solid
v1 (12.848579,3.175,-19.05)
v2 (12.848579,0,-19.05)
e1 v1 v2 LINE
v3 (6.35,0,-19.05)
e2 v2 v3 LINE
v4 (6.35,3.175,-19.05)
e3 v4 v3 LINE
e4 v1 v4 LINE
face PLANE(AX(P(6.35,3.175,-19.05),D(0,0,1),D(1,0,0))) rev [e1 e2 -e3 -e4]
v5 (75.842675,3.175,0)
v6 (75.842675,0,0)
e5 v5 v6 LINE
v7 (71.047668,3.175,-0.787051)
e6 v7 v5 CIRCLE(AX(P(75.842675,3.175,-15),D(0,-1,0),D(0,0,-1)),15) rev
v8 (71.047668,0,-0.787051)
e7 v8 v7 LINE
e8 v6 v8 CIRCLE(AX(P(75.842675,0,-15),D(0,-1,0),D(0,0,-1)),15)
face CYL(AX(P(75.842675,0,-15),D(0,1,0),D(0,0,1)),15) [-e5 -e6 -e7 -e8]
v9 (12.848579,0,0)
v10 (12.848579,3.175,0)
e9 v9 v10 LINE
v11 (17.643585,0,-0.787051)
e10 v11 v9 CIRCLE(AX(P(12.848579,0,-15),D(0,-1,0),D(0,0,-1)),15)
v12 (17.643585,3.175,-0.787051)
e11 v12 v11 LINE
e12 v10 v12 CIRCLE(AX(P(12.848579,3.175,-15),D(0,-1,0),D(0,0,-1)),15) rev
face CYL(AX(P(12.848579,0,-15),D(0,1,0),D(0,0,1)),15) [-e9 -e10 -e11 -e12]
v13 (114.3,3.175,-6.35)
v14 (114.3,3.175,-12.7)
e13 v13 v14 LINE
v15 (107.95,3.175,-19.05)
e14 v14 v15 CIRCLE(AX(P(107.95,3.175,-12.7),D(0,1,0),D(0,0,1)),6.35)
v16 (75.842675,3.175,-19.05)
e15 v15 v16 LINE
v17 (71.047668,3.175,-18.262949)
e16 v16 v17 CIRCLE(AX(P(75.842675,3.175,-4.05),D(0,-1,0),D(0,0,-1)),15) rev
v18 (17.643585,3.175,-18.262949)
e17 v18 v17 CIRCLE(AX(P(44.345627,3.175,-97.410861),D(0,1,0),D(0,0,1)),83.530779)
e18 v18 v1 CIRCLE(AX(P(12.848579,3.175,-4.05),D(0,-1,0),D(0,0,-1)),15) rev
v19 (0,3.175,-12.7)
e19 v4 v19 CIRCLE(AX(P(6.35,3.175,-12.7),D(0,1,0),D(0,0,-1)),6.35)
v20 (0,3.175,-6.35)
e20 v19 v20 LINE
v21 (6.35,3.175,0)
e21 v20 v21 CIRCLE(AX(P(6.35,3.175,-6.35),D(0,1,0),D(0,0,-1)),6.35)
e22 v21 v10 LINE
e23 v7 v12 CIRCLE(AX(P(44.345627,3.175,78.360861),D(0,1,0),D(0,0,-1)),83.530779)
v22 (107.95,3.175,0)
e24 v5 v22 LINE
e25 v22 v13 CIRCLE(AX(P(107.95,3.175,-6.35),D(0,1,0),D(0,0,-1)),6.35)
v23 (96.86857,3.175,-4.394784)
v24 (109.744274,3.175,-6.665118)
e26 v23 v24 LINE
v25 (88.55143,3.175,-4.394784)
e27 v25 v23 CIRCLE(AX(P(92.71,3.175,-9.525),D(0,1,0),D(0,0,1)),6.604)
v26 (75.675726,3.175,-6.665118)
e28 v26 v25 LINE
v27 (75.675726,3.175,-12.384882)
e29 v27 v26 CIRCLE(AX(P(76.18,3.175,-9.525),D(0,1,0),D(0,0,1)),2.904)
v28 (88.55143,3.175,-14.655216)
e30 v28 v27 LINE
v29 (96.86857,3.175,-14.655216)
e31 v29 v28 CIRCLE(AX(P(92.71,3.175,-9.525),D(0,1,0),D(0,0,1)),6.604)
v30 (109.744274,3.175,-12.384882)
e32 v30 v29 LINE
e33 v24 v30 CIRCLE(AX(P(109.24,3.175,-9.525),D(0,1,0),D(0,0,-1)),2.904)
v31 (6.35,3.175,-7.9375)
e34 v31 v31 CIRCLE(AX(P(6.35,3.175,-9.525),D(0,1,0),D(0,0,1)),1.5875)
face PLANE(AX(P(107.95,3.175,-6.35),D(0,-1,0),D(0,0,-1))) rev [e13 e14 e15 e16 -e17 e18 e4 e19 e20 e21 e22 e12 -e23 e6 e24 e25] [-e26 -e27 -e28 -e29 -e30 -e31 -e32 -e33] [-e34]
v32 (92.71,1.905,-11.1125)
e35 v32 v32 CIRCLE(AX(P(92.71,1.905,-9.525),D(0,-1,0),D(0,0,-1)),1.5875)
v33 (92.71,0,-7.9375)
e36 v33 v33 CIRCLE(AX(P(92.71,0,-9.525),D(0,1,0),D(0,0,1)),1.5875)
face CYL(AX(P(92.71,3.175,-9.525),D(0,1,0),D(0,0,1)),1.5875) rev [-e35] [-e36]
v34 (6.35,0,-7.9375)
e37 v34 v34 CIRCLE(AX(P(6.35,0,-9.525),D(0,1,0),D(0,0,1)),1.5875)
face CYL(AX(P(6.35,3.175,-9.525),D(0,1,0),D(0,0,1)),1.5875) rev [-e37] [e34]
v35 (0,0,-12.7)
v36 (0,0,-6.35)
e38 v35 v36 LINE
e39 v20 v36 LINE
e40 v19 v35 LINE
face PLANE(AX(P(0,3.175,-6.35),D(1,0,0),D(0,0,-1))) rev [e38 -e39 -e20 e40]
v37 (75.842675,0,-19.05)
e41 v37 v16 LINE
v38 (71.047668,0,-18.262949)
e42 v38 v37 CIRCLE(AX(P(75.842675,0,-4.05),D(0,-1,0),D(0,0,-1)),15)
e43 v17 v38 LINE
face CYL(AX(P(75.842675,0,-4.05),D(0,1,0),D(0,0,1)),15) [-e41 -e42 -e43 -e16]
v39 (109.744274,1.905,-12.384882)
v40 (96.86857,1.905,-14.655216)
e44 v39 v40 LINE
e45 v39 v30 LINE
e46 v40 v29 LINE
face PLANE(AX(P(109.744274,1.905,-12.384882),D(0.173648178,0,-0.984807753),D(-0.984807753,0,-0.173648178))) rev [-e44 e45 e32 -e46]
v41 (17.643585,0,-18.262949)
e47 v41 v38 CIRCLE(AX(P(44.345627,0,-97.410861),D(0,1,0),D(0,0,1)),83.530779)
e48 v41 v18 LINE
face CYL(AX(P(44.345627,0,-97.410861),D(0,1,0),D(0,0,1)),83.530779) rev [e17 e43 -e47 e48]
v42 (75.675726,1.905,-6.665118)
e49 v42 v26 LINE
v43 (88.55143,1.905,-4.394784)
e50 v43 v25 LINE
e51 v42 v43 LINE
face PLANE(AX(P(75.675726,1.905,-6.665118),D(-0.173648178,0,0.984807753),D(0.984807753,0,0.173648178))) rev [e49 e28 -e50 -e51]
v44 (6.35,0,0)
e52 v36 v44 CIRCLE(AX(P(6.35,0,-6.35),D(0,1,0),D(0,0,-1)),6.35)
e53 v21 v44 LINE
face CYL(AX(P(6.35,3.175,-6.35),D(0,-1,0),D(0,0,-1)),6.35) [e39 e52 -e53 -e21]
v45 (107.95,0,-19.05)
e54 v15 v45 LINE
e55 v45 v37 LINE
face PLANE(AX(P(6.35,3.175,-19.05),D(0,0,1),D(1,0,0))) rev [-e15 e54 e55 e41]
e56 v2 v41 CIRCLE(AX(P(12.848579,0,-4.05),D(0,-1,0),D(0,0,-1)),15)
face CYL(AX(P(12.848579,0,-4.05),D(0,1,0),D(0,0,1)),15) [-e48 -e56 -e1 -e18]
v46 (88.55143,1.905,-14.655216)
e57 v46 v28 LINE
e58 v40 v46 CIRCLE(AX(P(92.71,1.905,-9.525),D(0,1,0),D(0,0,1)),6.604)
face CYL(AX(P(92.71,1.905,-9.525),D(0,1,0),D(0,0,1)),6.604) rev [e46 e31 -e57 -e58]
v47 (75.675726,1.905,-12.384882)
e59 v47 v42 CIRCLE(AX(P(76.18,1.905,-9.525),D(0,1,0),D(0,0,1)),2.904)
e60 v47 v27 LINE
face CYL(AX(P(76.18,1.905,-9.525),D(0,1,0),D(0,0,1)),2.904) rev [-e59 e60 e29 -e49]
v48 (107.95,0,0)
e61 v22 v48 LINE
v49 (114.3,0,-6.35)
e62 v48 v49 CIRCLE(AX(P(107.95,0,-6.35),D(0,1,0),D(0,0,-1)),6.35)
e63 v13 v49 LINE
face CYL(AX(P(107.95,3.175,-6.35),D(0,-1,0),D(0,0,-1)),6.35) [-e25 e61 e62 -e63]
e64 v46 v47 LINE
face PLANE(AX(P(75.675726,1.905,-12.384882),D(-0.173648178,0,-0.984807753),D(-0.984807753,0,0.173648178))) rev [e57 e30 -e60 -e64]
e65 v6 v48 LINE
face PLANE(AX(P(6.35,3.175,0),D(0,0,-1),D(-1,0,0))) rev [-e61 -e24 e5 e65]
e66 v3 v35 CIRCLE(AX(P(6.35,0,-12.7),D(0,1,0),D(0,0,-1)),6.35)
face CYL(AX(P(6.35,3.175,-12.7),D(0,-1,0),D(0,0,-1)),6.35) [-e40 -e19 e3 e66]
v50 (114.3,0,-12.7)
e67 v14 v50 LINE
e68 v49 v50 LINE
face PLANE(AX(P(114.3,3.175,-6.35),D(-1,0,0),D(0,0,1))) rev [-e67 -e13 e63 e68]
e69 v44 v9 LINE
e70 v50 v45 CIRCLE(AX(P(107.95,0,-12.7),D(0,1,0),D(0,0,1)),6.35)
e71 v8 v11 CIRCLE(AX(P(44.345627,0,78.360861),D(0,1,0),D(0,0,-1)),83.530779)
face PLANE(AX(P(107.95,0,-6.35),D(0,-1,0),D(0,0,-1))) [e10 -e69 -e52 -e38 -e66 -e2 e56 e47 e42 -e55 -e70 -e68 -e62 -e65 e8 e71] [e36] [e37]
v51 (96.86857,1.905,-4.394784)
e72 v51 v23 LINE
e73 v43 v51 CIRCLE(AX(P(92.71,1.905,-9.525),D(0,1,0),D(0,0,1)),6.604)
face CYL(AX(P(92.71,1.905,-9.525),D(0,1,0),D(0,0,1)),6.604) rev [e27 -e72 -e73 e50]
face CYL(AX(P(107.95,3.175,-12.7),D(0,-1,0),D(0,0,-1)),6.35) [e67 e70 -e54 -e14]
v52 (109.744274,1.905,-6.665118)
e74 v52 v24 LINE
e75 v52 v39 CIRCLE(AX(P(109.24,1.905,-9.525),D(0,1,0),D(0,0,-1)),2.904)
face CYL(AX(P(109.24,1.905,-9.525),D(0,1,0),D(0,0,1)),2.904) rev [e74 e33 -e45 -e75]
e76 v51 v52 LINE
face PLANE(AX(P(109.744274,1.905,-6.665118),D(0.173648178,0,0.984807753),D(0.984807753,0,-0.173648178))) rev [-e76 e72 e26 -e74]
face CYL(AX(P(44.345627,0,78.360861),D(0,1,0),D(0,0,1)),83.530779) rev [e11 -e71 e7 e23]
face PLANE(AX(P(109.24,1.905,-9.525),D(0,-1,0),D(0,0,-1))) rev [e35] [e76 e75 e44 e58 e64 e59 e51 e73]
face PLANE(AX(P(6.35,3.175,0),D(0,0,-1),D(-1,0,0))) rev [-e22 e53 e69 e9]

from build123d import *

# Parameters (mm, degrees)
BOSS_EXTRUDE1_DEPTH          = 3.175
CUT_EXTRUDE2_DEPTH           = 1.27
F_1_8_0_125_DIAMETER_HOLE1_D = 3.175
CUT_EXTRUDE3_DEPTH           = 116.920115273
FILLET1_R                    = 15
F_1_8_0_125_DIAMETER_HOLE2_D = 3.175


with BuildPart() as part:
    # Sketch1 → Boss-Extrude1 (new body)
    with BuildSketch(Plane(origin=(0, 0, 0), x_dir=(1, 0, 0), z_dir=(0, 1, 0))):
        with BuildLine():
            Line((6.35, 0), (107.95, 0))
            ThreePointArc((107.95, 0), (112.440128061, 1.859871939), (114.3, 6.35))
            Line((114.3, 6.35), (114.3, 12.7))
            ThreePointArc((114.3, 12.7), (112.440128061, 17.190128061), (107.95, 19.05))
            Line((107.95, 19.05), (6.35, 19.05))
            ThreePointArc((6.35, 19.05), (1.859871939, 17.190128061), (0, 12.7))
            Line((0, 12.7), (0, 6.35))
            ThreePointArc((0, 6.35), (1.859871939, 1.859871939), (6.35, 0))
        make_face()
    extrude(amount=BOSS_EXTRUDE1_DEPTH)

    # Sketch4 → Cut-Extrude2 (cut)
    with BuildSketch(Plane(origin=(0, 3.175, 0), x_dir=(1, 0, 0), z_dir=(0, 1, 0))):
        with BuildLine():
            Line((109.744274308, 12.384881715), (96.868569632, 14.655215845))
            ThreePointArc((96.868569632, 14.655215845), (92.71, 16.129), (88.551430368, 14.655215845))
            Line((88.551430368, 14.655215845), (75.675725692, 12.384881715))
            ThreePointArc((75.675725692, 12.384881715), (73.276, 9.525), (75.675725692, 6.665118285))
            Line((75.675725692, 6.665118285), (88.551430368, 4.394784155))
            ThreePointArc((88.551430368, 4.394784155), (92.71, 2.921), (96.868569632, 4.394784155))
            Line((96.868569632, 4.394784155), (109.744274308, 6.665118285))
            ThreePointArc((109.744274308, 6.665118285), (112.144, 9.525), (109.744274308, 12.384881715))
        make_face()
    extrude(amount=-CUT_EXTRUDE2_DEPTH, mode=Mode.SUBTRACT)

    # 1/8 (0.125) Diameter Hole1 (through all)
    with Locations(Plane(origin=(0, 3.175, 0), x_dir=(1, 0, 0), z_dir=(0, 1, 0))):
        with Locations((6.35, 9.525)):
            Hole(F_1_8_0_125_DIAMETER_HOLE1_D / 2)

    # Sketch7 → Cut-Extrude3 (cut, through all)
    with BuildSketch(Plane(origin=(0, 3.175, 0), x_dir=(1, 0, 0), z_dir=(0, 1, 0))):
        with BuildLine():
            Line((15.415253533, 19.05), (73.276, 19.05))
            ThreePointArc((73.276, 19.05), (44.345626766, 13.880082039), (15.415253533, 19.05))
        make_face()
        with BuildLine():
            Line((73.276, 0), (15.415253533, 0))
            ThreePointArc((15.415253533, 0), (44.345626766, 5.169917961), (73.276, 0))
        make_face()
    extrude(amount=-CUT_EXTRUDE3_DEPTH, mode=Mode.SUBTRACT)

    # Fillet1
    fillet1_edges = [part.edges().sort_by_distance(p)[0] for p in [
        (73.276, 1.5875, -19.05),
        (15.415253533, 1.5875, -19.05),
        (15.415253533, 1.5875, 0),
        (73.276, 1.5875, 0),
    ]]
    fillet(fillet1_edges, radius=FILLET1_R)

    # 1/8 (0.125) Diameter Hole2 (through all)
    with Locations(Plane(origin=(0, 3.175, 0), x_dir=(1, 0, 0), z_dir=(0, 1, 0))):
        with Locations((92.71, 9.525)):
            Hole(F_1_8_0_125_DIAMETER_HOLE2_D / 2)


solid = part.part
